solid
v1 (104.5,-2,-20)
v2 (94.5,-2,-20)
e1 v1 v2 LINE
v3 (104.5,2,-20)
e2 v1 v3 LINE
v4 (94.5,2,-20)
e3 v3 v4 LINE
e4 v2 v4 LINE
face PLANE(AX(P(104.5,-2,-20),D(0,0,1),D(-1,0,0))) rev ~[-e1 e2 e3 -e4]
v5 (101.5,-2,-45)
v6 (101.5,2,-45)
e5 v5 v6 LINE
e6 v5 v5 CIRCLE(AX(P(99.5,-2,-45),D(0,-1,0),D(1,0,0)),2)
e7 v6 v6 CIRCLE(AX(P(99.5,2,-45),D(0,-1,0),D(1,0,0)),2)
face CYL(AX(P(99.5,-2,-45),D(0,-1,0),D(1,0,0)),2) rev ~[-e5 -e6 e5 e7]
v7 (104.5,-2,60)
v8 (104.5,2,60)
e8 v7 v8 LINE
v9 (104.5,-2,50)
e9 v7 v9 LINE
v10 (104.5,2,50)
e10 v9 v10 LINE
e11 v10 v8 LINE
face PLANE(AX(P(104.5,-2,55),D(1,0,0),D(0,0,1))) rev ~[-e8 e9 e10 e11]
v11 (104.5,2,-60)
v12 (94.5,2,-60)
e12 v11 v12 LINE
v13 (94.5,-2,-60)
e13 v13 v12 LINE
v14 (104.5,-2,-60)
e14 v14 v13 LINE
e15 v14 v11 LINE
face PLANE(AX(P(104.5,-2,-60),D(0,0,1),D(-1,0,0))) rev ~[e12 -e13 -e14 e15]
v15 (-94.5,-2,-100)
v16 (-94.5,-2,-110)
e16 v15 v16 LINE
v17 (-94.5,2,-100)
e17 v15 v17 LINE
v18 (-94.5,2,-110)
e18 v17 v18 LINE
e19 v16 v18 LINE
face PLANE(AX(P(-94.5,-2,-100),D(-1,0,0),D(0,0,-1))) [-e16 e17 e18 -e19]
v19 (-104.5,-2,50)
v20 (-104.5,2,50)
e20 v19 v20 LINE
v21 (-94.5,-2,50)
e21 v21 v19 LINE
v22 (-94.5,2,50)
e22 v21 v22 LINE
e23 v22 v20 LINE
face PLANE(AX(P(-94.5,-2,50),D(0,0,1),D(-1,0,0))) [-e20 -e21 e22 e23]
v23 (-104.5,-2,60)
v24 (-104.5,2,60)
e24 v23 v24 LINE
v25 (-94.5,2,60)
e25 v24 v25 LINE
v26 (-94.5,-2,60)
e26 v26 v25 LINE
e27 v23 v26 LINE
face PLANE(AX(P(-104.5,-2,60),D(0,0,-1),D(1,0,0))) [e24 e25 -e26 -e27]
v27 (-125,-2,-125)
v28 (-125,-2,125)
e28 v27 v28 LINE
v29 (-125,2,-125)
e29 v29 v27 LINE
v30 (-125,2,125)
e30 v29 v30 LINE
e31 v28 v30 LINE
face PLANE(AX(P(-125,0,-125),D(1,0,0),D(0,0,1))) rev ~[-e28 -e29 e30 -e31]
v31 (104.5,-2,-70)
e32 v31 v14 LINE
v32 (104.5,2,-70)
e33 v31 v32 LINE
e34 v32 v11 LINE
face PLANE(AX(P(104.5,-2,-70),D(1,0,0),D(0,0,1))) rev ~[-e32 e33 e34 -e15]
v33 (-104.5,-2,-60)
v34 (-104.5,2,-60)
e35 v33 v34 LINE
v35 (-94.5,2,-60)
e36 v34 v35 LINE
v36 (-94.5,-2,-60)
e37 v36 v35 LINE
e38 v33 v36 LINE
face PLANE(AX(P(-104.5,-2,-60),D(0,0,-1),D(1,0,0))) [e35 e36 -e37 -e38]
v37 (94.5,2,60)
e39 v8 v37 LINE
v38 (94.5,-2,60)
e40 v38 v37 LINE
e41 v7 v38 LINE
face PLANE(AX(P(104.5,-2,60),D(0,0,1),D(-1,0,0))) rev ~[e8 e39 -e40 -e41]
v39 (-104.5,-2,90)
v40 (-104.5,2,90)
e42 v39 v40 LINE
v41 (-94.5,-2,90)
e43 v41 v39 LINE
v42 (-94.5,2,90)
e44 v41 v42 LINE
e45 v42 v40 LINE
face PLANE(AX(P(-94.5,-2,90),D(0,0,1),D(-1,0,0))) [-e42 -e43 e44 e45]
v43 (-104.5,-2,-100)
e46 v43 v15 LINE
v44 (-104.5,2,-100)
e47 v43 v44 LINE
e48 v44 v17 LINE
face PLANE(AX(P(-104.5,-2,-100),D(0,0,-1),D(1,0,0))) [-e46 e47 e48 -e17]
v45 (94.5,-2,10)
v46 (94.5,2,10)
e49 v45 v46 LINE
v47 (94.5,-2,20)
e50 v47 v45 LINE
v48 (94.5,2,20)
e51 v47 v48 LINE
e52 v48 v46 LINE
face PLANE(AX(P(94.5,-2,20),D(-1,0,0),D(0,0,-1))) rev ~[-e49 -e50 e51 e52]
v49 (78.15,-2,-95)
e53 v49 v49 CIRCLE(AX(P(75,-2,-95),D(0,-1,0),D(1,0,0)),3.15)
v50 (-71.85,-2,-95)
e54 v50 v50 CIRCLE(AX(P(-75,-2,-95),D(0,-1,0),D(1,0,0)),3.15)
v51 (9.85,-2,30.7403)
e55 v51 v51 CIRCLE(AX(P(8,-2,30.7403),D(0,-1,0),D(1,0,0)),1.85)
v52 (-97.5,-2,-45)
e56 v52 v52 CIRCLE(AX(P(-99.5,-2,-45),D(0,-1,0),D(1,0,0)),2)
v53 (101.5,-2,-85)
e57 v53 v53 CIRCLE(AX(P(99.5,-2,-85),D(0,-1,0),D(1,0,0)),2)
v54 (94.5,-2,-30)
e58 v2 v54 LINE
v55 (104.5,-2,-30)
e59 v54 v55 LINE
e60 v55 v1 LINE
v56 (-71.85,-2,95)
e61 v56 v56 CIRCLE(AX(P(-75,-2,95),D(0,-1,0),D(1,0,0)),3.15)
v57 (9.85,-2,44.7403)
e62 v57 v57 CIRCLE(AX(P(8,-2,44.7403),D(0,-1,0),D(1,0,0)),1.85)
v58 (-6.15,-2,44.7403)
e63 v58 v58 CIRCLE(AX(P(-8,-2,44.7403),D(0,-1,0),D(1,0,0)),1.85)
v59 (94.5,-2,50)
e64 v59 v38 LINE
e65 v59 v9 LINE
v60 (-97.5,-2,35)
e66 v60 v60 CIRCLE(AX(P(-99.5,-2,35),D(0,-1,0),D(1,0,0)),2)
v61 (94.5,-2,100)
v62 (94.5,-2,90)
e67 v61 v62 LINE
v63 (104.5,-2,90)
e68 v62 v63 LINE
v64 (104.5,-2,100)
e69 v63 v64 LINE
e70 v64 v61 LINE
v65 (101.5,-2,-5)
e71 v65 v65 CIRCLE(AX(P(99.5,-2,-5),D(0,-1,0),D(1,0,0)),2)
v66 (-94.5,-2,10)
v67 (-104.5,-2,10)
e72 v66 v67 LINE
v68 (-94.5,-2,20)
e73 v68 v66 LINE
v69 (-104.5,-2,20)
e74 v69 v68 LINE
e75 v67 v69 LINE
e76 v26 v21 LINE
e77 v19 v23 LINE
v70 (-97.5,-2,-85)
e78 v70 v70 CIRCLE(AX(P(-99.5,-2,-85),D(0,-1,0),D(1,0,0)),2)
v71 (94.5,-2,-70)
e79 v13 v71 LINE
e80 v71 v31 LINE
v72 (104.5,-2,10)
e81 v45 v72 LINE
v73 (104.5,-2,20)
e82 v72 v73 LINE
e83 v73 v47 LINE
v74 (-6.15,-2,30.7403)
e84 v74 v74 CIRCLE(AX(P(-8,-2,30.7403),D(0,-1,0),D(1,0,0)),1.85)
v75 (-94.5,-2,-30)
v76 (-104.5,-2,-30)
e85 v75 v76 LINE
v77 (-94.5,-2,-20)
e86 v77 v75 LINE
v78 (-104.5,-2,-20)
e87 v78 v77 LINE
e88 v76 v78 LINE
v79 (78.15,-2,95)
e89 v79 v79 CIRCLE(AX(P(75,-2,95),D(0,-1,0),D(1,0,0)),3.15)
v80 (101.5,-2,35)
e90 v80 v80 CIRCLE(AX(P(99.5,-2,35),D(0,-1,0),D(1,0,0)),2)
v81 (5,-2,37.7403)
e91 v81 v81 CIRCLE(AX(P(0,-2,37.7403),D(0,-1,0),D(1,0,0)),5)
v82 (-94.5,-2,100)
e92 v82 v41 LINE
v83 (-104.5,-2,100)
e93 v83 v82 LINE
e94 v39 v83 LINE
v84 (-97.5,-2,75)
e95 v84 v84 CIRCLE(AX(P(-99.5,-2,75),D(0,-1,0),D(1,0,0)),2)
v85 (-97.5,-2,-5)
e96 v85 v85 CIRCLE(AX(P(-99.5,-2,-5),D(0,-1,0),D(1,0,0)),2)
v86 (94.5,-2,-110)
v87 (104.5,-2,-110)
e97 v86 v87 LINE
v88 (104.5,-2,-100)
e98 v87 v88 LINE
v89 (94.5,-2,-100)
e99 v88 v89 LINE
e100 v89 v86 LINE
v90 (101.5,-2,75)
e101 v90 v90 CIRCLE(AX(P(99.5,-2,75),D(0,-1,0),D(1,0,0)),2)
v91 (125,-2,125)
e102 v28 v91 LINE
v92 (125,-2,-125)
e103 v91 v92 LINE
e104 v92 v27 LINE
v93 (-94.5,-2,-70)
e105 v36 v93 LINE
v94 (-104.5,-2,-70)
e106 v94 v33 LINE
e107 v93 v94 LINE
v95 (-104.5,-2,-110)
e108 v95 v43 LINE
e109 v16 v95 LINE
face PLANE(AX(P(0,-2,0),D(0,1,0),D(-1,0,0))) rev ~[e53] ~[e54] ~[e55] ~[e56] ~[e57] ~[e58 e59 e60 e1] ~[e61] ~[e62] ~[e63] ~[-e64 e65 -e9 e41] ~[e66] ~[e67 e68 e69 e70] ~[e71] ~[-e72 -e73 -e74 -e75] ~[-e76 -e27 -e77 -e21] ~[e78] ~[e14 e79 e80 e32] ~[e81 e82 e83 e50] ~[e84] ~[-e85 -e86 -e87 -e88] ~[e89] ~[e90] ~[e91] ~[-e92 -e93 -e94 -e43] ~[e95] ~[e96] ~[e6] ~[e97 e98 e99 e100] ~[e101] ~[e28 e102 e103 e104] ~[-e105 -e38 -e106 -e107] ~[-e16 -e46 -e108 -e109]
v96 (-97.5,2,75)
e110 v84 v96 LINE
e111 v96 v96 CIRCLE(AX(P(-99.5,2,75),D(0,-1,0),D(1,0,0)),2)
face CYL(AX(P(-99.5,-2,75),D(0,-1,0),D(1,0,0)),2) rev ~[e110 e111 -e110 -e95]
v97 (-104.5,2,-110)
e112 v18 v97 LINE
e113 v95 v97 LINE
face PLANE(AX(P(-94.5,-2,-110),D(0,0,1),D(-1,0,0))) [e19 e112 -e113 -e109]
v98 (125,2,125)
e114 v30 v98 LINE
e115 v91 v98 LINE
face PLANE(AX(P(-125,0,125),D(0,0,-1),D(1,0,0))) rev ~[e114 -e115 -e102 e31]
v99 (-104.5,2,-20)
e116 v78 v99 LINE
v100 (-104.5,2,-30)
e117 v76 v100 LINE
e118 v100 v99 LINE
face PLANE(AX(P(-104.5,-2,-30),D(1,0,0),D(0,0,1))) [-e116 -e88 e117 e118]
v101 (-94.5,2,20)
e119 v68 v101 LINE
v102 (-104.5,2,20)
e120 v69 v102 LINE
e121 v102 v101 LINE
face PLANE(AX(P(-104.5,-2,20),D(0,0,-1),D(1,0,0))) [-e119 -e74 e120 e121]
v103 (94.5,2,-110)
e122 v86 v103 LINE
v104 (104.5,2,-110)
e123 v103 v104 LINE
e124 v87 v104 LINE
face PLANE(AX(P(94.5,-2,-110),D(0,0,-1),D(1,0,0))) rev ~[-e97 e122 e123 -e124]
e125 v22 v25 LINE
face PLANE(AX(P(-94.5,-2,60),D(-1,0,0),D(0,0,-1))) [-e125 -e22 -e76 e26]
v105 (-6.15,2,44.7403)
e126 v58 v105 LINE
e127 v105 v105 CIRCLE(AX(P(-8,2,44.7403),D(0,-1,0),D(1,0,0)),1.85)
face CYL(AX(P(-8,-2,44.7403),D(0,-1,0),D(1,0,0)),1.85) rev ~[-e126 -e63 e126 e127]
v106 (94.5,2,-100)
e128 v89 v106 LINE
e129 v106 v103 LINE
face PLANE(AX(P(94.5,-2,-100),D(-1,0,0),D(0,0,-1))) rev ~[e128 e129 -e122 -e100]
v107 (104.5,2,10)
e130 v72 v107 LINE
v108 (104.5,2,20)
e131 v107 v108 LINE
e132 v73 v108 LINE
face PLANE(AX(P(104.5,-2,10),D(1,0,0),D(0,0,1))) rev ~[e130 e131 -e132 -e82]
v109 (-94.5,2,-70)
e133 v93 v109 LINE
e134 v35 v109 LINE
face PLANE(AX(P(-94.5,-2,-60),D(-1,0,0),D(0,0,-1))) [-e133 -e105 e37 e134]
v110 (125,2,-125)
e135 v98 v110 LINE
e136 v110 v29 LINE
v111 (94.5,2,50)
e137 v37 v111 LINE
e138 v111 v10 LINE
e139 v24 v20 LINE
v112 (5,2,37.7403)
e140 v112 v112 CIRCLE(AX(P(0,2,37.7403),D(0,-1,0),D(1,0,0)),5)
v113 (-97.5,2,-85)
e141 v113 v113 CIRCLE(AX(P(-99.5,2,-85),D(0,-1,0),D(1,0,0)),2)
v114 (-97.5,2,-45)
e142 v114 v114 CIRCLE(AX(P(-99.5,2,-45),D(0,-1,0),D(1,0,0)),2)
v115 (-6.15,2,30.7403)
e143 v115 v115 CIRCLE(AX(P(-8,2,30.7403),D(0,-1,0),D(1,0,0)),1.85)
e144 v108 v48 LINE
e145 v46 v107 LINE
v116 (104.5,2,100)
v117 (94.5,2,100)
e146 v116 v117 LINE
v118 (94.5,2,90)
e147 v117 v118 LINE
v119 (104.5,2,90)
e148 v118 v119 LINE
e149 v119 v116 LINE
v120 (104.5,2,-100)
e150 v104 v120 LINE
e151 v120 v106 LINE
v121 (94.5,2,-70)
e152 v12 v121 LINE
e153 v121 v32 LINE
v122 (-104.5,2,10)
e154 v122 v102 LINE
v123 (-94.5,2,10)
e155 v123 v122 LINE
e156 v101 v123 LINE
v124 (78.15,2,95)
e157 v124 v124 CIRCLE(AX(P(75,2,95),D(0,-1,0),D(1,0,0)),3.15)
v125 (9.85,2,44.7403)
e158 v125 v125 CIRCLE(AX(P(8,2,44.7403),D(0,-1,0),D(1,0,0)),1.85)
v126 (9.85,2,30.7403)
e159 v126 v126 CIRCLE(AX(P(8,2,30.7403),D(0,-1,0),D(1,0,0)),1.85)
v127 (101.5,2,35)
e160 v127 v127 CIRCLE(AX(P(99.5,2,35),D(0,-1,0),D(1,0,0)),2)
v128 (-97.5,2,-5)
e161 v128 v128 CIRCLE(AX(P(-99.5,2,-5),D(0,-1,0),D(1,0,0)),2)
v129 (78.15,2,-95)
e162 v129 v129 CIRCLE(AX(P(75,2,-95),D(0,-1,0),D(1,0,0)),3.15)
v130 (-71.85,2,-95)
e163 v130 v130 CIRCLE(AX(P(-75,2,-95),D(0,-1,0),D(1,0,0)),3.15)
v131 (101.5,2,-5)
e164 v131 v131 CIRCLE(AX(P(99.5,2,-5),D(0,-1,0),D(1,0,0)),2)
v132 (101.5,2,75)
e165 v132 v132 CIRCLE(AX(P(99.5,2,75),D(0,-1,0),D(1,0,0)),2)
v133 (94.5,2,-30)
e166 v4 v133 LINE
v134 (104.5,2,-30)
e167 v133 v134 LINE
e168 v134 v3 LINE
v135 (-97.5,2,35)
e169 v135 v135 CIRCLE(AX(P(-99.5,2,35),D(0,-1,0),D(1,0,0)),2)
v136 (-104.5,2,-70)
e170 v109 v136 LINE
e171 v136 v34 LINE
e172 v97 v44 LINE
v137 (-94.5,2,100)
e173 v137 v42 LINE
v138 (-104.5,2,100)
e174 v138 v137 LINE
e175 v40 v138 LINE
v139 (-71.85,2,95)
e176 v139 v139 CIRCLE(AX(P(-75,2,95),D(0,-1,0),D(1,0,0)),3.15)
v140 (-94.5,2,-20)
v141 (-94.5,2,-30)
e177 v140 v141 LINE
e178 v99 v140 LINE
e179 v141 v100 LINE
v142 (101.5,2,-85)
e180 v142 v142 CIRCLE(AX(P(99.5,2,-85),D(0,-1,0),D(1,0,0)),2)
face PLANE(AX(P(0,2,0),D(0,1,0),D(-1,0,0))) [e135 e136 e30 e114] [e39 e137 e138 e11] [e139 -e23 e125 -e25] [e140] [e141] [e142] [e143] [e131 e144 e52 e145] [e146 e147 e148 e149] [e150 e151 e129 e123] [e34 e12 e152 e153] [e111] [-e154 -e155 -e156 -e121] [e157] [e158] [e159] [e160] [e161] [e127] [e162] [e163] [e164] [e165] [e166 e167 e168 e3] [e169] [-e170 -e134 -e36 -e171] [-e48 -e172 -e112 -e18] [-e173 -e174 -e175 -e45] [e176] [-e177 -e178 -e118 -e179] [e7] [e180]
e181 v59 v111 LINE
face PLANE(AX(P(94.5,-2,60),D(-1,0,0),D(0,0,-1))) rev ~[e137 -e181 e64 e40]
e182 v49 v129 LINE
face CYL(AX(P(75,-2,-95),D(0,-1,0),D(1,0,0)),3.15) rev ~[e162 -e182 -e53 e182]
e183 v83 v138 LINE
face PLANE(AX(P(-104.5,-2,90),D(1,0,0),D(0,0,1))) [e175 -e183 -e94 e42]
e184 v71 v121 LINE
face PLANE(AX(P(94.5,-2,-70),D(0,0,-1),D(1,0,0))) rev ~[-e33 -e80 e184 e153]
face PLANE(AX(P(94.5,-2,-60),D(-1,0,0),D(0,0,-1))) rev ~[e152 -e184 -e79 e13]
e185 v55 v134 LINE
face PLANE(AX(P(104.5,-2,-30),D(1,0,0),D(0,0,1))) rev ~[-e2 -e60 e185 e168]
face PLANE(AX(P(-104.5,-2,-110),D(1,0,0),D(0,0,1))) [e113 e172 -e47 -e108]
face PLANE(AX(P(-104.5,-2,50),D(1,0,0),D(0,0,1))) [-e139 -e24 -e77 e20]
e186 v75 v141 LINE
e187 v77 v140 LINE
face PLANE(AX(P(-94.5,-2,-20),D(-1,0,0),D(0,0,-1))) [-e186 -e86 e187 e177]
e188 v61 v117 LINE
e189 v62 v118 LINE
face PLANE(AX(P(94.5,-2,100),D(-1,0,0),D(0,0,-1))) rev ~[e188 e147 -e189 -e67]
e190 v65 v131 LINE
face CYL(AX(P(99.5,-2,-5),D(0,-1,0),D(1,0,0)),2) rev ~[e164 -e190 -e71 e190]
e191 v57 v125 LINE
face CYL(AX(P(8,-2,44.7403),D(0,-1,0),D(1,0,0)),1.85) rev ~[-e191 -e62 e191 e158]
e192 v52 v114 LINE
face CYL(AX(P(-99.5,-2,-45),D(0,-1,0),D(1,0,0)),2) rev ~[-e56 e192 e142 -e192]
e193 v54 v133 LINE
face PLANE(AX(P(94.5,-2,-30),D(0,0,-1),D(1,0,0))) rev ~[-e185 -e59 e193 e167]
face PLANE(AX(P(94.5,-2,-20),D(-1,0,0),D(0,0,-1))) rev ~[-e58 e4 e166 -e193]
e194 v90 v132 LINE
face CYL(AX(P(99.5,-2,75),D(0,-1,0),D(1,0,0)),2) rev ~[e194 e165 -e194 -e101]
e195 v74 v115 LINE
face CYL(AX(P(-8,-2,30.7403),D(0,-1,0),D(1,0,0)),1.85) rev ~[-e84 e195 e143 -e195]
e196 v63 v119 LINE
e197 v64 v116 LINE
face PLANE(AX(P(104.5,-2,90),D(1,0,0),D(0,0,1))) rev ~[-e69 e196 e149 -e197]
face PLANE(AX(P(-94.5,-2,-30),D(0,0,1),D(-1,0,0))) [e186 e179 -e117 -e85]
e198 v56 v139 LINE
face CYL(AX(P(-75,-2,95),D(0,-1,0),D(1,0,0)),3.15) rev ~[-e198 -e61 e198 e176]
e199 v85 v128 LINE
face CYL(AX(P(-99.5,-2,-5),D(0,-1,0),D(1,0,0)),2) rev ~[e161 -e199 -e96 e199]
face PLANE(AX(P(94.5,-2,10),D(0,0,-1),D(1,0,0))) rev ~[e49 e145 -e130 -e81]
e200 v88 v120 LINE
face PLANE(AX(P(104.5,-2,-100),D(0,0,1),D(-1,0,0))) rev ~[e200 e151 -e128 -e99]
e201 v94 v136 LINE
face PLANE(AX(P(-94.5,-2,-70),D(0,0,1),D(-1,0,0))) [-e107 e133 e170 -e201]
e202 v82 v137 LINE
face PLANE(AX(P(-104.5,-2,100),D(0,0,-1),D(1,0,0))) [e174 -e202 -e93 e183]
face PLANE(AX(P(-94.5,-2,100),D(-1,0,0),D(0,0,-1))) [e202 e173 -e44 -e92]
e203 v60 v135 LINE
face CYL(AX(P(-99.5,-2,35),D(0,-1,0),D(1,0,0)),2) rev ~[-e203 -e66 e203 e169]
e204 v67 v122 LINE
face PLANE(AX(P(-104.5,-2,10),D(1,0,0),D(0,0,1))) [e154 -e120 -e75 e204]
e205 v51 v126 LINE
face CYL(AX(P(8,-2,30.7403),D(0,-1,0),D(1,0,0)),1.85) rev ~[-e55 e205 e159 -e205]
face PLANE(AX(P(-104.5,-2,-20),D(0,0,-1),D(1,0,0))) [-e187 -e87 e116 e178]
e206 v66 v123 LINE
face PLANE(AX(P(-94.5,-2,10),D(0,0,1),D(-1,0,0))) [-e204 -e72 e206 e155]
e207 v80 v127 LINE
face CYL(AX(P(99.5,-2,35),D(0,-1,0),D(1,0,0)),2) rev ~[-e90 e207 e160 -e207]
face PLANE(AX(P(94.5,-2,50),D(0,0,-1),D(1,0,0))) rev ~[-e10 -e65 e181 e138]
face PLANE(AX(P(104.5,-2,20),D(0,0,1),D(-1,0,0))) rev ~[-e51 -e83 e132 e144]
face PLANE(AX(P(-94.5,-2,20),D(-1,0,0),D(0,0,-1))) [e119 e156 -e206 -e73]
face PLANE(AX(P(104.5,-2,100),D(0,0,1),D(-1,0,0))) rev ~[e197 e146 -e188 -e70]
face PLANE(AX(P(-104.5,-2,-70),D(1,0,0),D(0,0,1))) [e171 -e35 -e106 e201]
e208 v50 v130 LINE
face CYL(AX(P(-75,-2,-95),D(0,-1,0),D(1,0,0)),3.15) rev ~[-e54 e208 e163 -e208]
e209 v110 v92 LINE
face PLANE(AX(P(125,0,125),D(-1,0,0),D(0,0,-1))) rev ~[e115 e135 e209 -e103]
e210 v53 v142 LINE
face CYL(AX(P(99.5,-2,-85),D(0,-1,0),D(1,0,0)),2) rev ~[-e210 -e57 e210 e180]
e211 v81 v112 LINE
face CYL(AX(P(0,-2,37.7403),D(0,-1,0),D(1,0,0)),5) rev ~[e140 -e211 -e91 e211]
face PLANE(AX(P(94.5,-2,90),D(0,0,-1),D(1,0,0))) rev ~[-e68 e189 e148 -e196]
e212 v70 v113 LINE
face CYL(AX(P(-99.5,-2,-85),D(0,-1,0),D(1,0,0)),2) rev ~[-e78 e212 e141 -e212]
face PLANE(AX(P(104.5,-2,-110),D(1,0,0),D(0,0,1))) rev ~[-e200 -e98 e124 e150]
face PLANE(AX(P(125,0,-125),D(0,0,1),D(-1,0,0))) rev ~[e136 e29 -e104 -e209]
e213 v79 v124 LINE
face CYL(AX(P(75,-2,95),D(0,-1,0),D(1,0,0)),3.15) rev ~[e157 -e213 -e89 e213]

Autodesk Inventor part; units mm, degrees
ref_plane "YZ Plane" through (0, 0, 0) normal (1, 0, 0) x (0, 1, 0)
ref_plane "XZ Plane" through (0, 0, 0) normal (0, 1, 0) x (-1, 0, 0)
ref_plane "XY Plane" through (0, 0, 0) normal (0, 0, 1) x (1, 0, 0)
sketch "Эскиз1" plane through (0, 0, 0) normal (0, 1, 0) x (-1, 0, 0)
  line L0 (125, 125) -> (-125, 125)
  line L1 (-125, 125) -> (-125, -125)
  line L2 (-125, -125) -> (125, -125)
  line L3 (125, -125) -> (125, 125)
  line L4 (125, 125) -> (-125, -125) construction
  line L5 (-125, 125) -> (125, -125) construction
  point P0 (0, 0)
  dimension "d0" = 250
  dimension "d1" = 250
extrude "Выдавливание1" add sketch "Эскиз1" along normal mid plane 4
sketch "Эскиз2" plane through (0, -2, 0) normal (0, -1, 0) x (1, 0, 0)
  line L0 (104.5, -110) -> (104.5, -100) projected
  line L1 (104.5, -100) -> (94.5, -100) projected
  line L2 (94.5, -100) -> (94.5, -110) projected
  line L3 (94.5, -110) -> (104.5, -110) projected
  circle A0 centre (99.5, -85) radius 2 projected
  line L4 (104.5, -70) -> (104.5, -60) projected
  line L5 (104.5, -60) -> (94.5, -60) projected
  line L6 (94.5, -60) -> (94.5, -70) projected
  line L7 (94.5, -70) -> (104.5, -70) projected
  circle A1 centre (99.5, -45) radius 2 projected
  line L8 (104.5, -30) -> (104.5, -20) projected
  line L9 (104.5, -20) -> (94.5, -20) projected
  line L10 (94.5, -20) -> (94.5, -30) projected
  line L11 (94.5, -30) -> (104.5, -30) projected
  circle A2 centre (99.5, -5) radius 2 projected
  line L12 (104.5, 10) -> (104.5, 20) projected
  line L13 (104.5, 20) -> (94.5, 20) projected
  line L14 (94.5, 20) -> (94.5, 10) projected
  line L15 (94.5, 10) -> (104.5, 10) projected
  circle A3 centre (99.5, 35) radius 2 projected
  line L16 (94.5, 55) -> (94.5, 50) projected
  line L17 (94.5, 50) -> (104.5, 50) projected
  line L18 (104.5, 50) -> (104.5, 55) projected
  line L19 (104.5, 55) -> (104.5, 60) projected
  line L20 (104.5, 60) -> (94.5, 60) projected
  line L21 (94.5, 60) -> (94.5, 55) projected
  line L22 (104.5, 90) -> (104.5, 100) projected
  line L23 (104.5, 100) -> (94.5, 100) projected
  line L24 (94.5, 100) -> (94.5, 90) projected
  line L25 (94.5, 90) -> (104.5, 90) projected
  line L26 (-104.5, 90) -> (-104.5, 100) projected
  line L27 (-94.5, 90) -> (-104.5, 90) projected
  line L28 (-94.5, 100) -> (-94.5, 90) projected
  line L29 (-104.5, 100) -> (-94.5, 100) projected
  line L30 (-104.5, 50) -> (-104.5, 55) projected
  line L31 (-94.5, 50) -> (-104.5, 50) projected
  line L32 (-94.5, 55) -> (-94.5, 50) projected
  line L33 (-94.5, 60) -> (-94.5, 55) projected
  line L34 (-104.5, 60) -> (-94.5, 60) projected
  line L35 (-104.5, 55) -> (-104.5, 60) projected
  line L36 (-104.5, 10) -> (-104.5, 20) projected
  line L37 (-94.5, 10) -> (-104.5, 10) projected
  line L38 (-94.5, 20) -> (-94.5, 10) projected
  line L39 (-104.5, 20) -> (-94.5, 20) projected
  line L40 (-104.5, -30) -> (-104.5, -20) projected
  line L41 (-94.5, -30) -> (-104.5, -30) projected
  line L42 (-94.5, -20) -> (-94.5, -30) projected
  line L43 (-104.5, -20) -> (-94.5, -20) projected
  line L44 (-104.5, -70) -> (-104.5, -60) projected
  line L45 (-94.5, -70) -> (-104.5, -70) projected
  line L46 (-94.5, -60) -> (-94.5, -70) projected
  line L47 (-104.5, -60) -> (-94.5, -60) projected
  line L48 (-104.5, -110) -> (-104.5, -100) projected
  line L49 (-94.5, -110) -> (-104.5, -110) projected
  line L50 (-94.5, -100) -> (-94.5, -110) projected
  line L51 (-104.5, -100) -> (-94.5, -100) projected
  circle A4 centre (-99.5, -85) radius 2 projected
  circle A5 centre (-99.5, -45) radius 2 projected
  circle A6 centre (-99.5, -5) radius 2 projected
  circle A7 centre (-99.5, 35) radius 2 projected
  circle A8 centre (-99.5, 75) radius 2 projected
  circle A9 centre (99.5, 75) radius 2 projected
extrude "Выдавливание2" cut sketch "Эскиз2" against normal up to surface (4 mm away)
sketch "Эскиз3" plane through (0, -2, 0) normal (0, -1, 0) x (1, 0, 0)
  circle A0 centre (75, -95) radius 3.15
  line L0 (125, -125) -> (125, 125) projected
  line L1 (-125, -125) -> (125, -125) projected
  line L2 (0, -76.118) -> (0, 76.118) construction
  line L3 (24.9561, 0) -> (-24.9561, 0) construction
  circle A1 centre (-75, -95) radius 3.15
  line L4 (-24.9561, 0) -> (24.9561, 0) construction
  circle A2 centre (75, 95) radius 3.15
  circle A3 centre (-75, 95) radius 3.15
  point P0 (0, 0)
  point P1 (0, 0)
  dimension "d10" = 6.3
  dimension "d14" = 50
  dimension "d15" = 30
extrude "Выдавливание3" cut sketch "Эскиз3" against normal up to surface (4 mm away)
sketch "Эскиз4" plane through (0, -2, 0) normal (0, -1, 0) x (1, 0, 0)
  circle A0 centre (-8, 44.7403) radius 1.85
  circle A1 centre (-8, 30.7403) radius 1.85
  circle A2 centre (0, 37.7403) radius 5
  circle A3 centre (8, 44.7403) radius 1.85
  circle A4 centre (8, 30.7403) radius 1.85
  point P0 (0, 0)
extrude "Выдавливание4" cut sketch "Эскиз4" against normal up to surface (4 mm away)
properties part number "Основание подъёмника"
